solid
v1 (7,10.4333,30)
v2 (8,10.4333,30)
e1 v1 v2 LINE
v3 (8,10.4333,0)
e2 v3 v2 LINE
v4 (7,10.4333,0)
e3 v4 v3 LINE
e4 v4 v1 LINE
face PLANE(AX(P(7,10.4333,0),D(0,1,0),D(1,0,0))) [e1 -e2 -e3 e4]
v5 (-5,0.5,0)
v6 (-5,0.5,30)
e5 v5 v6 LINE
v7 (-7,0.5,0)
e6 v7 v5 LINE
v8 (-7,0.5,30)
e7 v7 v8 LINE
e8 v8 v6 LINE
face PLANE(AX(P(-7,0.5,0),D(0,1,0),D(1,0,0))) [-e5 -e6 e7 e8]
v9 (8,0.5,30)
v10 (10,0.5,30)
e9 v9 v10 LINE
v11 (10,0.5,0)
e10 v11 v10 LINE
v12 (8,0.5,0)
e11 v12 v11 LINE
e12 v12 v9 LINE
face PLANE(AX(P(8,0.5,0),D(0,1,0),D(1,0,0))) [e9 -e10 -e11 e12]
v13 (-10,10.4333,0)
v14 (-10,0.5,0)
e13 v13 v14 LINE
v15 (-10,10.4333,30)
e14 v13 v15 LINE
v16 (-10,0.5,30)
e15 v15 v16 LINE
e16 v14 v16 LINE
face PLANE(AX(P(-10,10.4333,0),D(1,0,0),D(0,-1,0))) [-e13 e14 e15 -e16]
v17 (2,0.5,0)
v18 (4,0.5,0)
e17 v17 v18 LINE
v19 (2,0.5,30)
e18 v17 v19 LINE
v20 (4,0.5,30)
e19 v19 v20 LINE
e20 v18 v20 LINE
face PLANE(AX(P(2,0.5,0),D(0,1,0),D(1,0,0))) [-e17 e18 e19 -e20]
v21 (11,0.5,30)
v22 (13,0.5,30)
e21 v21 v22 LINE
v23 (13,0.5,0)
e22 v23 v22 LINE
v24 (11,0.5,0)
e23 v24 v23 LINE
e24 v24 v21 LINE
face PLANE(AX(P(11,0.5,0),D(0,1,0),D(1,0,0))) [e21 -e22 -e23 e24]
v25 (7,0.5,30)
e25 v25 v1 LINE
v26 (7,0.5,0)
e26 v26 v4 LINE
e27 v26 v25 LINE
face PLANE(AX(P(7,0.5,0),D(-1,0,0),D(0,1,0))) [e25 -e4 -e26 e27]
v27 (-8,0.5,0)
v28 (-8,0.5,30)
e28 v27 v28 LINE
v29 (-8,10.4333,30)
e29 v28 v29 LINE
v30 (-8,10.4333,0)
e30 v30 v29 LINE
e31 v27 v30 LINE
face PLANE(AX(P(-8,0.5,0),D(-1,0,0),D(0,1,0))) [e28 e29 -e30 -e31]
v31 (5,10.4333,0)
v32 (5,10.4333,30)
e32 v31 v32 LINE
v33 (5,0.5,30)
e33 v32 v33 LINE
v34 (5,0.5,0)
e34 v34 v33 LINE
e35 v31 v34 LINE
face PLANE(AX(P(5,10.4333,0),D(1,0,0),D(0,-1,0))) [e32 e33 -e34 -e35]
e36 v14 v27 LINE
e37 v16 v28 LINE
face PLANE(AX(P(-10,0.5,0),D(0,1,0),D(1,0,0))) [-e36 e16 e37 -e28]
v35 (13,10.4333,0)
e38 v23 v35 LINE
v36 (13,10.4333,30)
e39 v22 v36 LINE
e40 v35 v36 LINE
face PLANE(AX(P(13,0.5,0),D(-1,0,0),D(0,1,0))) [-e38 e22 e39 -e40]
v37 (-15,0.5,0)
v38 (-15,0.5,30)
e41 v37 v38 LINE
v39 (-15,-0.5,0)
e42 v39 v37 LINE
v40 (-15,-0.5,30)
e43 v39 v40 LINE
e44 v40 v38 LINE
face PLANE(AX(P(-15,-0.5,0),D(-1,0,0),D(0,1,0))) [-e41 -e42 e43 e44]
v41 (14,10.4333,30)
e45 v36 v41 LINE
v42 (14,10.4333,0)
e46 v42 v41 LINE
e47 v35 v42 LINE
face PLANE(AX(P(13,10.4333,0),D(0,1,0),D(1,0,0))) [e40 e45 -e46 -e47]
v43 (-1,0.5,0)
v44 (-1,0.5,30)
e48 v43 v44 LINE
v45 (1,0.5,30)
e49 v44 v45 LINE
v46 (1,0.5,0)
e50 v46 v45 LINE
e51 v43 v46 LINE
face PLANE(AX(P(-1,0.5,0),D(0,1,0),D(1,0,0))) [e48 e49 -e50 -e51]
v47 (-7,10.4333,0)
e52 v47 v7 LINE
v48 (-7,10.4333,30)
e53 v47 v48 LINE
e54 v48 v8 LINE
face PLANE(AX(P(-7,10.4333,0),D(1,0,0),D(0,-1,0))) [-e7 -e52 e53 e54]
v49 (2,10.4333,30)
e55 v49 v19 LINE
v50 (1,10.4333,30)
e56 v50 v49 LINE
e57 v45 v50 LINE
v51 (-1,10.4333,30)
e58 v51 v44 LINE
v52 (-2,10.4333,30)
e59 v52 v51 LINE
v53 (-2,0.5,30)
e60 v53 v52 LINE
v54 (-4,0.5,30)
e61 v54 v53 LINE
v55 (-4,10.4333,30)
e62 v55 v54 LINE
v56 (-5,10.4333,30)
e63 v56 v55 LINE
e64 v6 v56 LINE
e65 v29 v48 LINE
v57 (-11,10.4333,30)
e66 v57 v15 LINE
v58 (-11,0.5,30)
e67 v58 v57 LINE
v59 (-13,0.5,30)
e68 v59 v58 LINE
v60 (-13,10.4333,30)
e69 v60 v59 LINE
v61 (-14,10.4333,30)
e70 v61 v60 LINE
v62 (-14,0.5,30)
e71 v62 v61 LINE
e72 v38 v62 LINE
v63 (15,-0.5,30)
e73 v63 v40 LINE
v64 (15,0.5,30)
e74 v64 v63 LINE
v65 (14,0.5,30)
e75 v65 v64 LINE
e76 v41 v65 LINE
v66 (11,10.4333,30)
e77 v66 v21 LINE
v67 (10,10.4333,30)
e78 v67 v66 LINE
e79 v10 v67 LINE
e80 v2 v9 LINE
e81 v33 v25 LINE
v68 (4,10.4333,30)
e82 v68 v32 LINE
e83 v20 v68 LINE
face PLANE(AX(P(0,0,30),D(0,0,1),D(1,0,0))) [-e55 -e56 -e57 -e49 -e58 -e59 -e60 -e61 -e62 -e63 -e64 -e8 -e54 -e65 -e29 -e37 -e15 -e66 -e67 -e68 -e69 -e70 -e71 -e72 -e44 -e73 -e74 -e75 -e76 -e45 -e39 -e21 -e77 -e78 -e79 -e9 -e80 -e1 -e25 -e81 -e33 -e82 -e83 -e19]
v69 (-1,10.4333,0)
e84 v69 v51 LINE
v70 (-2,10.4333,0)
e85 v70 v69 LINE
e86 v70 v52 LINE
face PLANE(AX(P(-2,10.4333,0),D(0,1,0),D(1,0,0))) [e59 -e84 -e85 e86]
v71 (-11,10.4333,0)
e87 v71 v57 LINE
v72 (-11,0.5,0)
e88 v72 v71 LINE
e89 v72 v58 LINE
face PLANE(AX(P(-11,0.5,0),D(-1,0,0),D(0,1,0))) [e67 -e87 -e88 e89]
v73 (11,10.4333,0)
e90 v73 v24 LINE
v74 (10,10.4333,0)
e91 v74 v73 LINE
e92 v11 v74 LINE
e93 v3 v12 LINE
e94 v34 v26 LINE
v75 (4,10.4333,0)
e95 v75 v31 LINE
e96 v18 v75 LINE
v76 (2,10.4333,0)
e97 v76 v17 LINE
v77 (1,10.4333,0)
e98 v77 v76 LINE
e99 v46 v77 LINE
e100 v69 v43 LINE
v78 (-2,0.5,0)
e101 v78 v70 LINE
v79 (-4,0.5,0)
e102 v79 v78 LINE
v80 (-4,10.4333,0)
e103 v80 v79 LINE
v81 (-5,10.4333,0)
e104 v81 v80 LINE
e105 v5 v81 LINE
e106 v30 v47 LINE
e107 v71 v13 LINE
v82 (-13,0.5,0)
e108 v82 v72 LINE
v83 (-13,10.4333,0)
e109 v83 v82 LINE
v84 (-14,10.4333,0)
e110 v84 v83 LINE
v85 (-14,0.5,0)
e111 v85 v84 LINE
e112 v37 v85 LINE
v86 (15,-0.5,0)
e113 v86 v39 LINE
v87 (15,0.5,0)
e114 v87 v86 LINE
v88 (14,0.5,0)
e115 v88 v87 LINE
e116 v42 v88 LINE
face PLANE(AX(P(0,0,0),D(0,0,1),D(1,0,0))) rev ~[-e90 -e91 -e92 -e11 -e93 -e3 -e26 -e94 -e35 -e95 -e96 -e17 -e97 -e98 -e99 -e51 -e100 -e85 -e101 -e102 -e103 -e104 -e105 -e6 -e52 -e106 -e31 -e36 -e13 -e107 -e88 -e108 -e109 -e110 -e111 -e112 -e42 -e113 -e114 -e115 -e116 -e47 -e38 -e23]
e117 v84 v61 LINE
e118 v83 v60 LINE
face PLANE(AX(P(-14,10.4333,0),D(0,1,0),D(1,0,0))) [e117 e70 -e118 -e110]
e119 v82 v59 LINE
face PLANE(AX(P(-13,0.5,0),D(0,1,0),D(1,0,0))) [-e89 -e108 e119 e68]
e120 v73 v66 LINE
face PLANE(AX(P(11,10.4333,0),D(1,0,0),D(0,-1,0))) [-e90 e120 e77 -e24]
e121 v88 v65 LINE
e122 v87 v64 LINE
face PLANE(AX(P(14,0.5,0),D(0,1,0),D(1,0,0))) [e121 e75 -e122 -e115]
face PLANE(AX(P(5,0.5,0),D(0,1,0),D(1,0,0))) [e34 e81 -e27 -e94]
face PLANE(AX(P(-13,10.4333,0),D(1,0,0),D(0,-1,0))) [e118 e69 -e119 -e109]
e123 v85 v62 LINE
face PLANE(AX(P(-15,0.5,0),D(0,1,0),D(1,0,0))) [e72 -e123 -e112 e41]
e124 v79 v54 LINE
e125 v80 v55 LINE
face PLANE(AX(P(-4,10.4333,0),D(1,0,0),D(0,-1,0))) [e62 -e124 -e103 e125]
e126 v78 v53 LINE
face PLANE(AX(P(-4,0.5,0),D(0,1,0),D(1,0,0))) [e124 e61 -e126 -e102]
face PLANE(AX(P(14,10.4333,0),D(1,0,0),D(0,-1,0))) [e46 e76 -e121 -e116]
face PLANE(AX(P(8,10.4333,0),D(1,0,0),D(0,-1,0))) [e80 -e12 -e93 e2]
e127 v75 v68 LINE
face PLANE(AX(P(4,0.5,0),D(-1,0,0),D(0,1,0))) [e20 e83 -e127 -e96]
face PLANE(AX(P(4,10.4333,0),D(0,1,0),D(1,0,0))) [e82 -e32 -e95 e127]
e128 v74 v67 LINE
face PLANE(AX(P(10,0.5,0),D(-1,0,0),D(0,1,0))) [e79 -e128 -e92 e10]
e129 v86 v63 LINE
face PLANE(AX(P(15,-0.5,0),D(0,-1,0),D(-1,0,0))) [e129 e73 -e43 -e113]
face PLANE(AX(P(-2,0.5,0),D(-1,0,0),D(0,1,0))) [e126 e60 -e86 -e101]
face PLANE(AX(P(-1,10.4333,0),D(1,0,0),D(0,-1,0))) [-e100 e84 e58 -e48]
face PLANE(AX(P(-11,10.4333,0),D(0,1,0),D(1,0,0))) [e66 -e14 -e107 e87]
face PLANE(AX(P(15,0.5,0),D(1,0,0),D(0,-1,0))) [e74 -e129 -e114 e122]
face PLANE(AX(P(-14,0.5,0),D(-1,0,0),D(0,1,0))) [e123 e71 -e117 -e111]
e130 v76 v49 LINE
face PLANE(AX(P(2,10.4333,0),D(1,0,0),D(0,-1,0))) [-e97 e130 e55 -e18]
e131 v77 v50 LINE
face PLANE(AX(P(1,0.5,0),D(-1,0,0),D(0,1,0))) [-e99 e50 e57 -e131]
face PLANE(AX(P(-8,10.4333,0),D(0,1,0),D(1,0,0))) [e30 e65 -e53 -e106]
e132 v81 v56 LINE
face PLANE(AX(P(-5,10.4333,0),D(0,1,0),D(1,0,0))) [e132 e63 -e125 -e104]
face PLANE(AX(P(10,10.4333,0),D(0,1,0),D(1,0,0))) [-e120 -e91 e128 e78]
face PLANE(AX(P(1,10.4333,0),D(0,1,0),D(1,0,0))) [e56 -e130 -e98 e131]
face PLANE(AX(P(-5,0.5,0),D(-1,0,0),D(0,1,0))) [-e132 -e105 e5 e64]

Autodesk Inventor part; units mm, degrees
ref_plane "YZ Plane" through (0, 0, 0) normal (1, 0, 0) x (0, 1, 0)
ref_plane "XZ Plane" through (0, 0, 0) normal (0, 1, 0) x (-1, 0, 0)
ref_plane "XY Plane" through (0, 0, 0) normal (0, 0, 1) x (1, 0, 0)
sketch "Sketch1" plane through (0, 0, 0) normal (0, 0, 1) x (1, 0, 0)
  line L0 (-15, 0.5) -> (15, 0.5)
  line L1 (15, 0.5) -> (15, -0.5)
  line L2 (15, -0.5) -> (-15, -0.5)
  line L3 (-15, -0.5) -> (-15, 0.5)
  line L4 (-15, 0.5) -> (15, -0.5) construction
  line L5 (15, 0.5) -> (-15, -0.5) construction
  line L6 (-14, 10.4333) -> (-13, 10.4333)
  line L7 (-13, 10.4333) -> (-13, 0.4333)
  line L8 (-13, 0.4333) -> (-14, 0.4333)
  line L9 (-14, 0.4333) -> (-14, 10.4333)
  line L10 (-14, 10.4333) -> (-13, 0.4333) construction
  line L11 (-13, 10.4333) -> (-14, 0.4333) construction
  line L12 (-11, 10.4333) -> (-10, 10.4333)
  line L13 (-10, 10.4333) -> (-10, 0.4333)
  line L14 (-10, 0.4333) -> (-11, 0.4333)
  line L15 (-11, 0.4333) -> (-11, 10.4333)
  line L16 (-11, 10.4333) -> (-10, 0.4333) construction
  line L17 (-10, 10.4333) -> (-11, 0.4333) construction
  line L18 (-8, 10.4333) -> (-7, 10.4333)
  line L19 (-7, 10.4333) -> (-7, 0.4333)
  line L20 (-7, 0.4333) -> (-8, 0.4333)
  line L21 (-8, 0.4333) -> (-8, 10.4333)
  line L22 (-8, 10.4333) -> (-7, 0.4333) construction
  line L23 (-7, 10.4333) -> (-8, 0.4333) construction
  line L24 (-5, 10.4333) -> (-4, 10.4333)
  line L25 (-4, 10.4333) -> (-4, 0.4333)
  line L26 (-4, 0.4333) -> (-5, 0.4333)
  line L27 (-5, 0.4333) -> (-5, 10.4333)
  line L28 (-5, 10.4333) -> (-4, 0.4333) construction
  line L29 (-4, 10.4333) -> (-5, 0.4333) construction
  line L30 (-2, 10.4333) -> (-1, 10.4333)
  line L31 (-1, 10.4333) -> (-1, 0.4333)
  line L32 (-1, 0.4333) -> (-2, 0.4333)
  line L33 (-2, 0.4333) -> (-2, 10.4333)
  line L34 (-2, 10.4333) -> (-1, 0.4333) construction
  line L35 (-1, 10.4333) -> (-2, 0.4333) construction
  line L36 (1, 10.4333) -> (2, 10.4333)
  line L37 (2, 10.4333) -> (2, 0.4333)
  line L38 (2, 0.4333) -> (1, 0.4333)
  line L39 (1, 0.4333) -> (1, 10.4333)
  line L40 (1, 10.4333) -> (2, 0.4333) construction
  line L41 (2, 10.4333) -> (1, 0.4333) construction
  line L42 (4, 10.4333) -> (5, 10.4333)
  line L43 (5, 10.4333) -> (5, 0.4333)
  line L44 (5, 0.4333) -> (4, 0.4333)
  line L45 (4, 0.4333) -> (4, 10.4333)
  line L46 (4, 10.4333) -> (5, 0.4333) construction
  line L47 (5, 10.4333) -> (4, 0.4333) construction
  line L48 (7, 10.4333) -> (8, 10.4333)
  line L49 (8, 10.4333) -> (8, 0.4333)
  line L50 (8, 0.4333) -> (7, 0.4333)
  line L51 (7, 0.4333) -> (7, 10.4333)
  line L52 (7, 10.4333) -> (8, 0.4333) construction
  line L53 (8, 10.4333) -> (7, 0.4333) construction
  line L54 (10, 10.4333) -> (11, 10.4333)
  line L55 (11, 10.4333) -> (11, 0.4333)
  line L56 (11, 0.4333) -> (10, 0.4333)
  line L57 (10, 0.4333) -> (10, 10.4333)
  line L58 (10, 10.4333) -> (11, 0.4333) construction
  line L59 (11, 10.4333) -> (10, 0.4333) construction
  line L60 (13, 10.4333) -> (14, 10.4333)
  line L61 (14, 10.4333) -> (14, 0.4333)
  line L62 (14, 0.4333) -> (13, 0.4333)
  line L63 (13, 0.4333) -> (13, 10.4333)
  line L64 (13, 10.4333) -> (14, 0.4333) construction
  line L65 (14, 10.4333) -> (13, 0.4333) construction
  point P0 (0, 0)
  point P1 (-13.5, 5.4333)
  point P2 (-12, 0.5)
  point P3 (-10.5, 5.4333)
  point P4 (-9, 0.5)
  point P5 (-7.5, 5.4333)
  point P6 (-6, 0.5)
  point P7 (-4.5, 5.4333)
  point P8 (-3, 0.5)
  point P9 (-1.5, 5.4333)
  point P10 (0, 0.5)
  point P11 (1.5, 5.4333)
  point P12 (3, 0.5)
  point P13 (4.5, 5.4333)
  point P14 (6, 0.5)
  point P15 (7.5, 5.4333)
  point P16 (9, 0.5)
  point P17 (10.5, 5.4333)
  point P18 (12, 0.5)
  point P19 (13.5, 5.4333)
  point P20 (13, 0.5)
  point P21 (11, 0.5)
  point P22 (10, 0.5)
  point P23 (8, 0.5)
  point P24 (7, 0.5)
  point P25 (5, 0.5)
  point P26 (4, 0.5)
  point P27 (2, 0.5)
  point P28 (1, 0.5)
  point P29 (-1, 0.5)
  point P30 (-2, 0.5)
  point P31 (-4, 0.5)
  point P32 (-5, 0.5)
  point P33 (-7, 0.5)
  point P34 (-8, 0.5)
  point P35 (-10, 0.5)
  point P36 (-11, 0.5)
  point P37 (-13, 0.5)
  point P38 (14, 0.5)
  point P39 (-14, 0.5)
  dimension "d0" = 1
  dimension "d1" = 30
  dimension "d2" = 1
  dimension "d3" = 10
  dimension "d6" = 3
  dimension "d13" = 1
  dimension "d14" = 1
extrude "Extrusion1" add sketch "Sketch1" along normal blind 30
properties part number "cooler_plate" material "Aluminum 6061"
